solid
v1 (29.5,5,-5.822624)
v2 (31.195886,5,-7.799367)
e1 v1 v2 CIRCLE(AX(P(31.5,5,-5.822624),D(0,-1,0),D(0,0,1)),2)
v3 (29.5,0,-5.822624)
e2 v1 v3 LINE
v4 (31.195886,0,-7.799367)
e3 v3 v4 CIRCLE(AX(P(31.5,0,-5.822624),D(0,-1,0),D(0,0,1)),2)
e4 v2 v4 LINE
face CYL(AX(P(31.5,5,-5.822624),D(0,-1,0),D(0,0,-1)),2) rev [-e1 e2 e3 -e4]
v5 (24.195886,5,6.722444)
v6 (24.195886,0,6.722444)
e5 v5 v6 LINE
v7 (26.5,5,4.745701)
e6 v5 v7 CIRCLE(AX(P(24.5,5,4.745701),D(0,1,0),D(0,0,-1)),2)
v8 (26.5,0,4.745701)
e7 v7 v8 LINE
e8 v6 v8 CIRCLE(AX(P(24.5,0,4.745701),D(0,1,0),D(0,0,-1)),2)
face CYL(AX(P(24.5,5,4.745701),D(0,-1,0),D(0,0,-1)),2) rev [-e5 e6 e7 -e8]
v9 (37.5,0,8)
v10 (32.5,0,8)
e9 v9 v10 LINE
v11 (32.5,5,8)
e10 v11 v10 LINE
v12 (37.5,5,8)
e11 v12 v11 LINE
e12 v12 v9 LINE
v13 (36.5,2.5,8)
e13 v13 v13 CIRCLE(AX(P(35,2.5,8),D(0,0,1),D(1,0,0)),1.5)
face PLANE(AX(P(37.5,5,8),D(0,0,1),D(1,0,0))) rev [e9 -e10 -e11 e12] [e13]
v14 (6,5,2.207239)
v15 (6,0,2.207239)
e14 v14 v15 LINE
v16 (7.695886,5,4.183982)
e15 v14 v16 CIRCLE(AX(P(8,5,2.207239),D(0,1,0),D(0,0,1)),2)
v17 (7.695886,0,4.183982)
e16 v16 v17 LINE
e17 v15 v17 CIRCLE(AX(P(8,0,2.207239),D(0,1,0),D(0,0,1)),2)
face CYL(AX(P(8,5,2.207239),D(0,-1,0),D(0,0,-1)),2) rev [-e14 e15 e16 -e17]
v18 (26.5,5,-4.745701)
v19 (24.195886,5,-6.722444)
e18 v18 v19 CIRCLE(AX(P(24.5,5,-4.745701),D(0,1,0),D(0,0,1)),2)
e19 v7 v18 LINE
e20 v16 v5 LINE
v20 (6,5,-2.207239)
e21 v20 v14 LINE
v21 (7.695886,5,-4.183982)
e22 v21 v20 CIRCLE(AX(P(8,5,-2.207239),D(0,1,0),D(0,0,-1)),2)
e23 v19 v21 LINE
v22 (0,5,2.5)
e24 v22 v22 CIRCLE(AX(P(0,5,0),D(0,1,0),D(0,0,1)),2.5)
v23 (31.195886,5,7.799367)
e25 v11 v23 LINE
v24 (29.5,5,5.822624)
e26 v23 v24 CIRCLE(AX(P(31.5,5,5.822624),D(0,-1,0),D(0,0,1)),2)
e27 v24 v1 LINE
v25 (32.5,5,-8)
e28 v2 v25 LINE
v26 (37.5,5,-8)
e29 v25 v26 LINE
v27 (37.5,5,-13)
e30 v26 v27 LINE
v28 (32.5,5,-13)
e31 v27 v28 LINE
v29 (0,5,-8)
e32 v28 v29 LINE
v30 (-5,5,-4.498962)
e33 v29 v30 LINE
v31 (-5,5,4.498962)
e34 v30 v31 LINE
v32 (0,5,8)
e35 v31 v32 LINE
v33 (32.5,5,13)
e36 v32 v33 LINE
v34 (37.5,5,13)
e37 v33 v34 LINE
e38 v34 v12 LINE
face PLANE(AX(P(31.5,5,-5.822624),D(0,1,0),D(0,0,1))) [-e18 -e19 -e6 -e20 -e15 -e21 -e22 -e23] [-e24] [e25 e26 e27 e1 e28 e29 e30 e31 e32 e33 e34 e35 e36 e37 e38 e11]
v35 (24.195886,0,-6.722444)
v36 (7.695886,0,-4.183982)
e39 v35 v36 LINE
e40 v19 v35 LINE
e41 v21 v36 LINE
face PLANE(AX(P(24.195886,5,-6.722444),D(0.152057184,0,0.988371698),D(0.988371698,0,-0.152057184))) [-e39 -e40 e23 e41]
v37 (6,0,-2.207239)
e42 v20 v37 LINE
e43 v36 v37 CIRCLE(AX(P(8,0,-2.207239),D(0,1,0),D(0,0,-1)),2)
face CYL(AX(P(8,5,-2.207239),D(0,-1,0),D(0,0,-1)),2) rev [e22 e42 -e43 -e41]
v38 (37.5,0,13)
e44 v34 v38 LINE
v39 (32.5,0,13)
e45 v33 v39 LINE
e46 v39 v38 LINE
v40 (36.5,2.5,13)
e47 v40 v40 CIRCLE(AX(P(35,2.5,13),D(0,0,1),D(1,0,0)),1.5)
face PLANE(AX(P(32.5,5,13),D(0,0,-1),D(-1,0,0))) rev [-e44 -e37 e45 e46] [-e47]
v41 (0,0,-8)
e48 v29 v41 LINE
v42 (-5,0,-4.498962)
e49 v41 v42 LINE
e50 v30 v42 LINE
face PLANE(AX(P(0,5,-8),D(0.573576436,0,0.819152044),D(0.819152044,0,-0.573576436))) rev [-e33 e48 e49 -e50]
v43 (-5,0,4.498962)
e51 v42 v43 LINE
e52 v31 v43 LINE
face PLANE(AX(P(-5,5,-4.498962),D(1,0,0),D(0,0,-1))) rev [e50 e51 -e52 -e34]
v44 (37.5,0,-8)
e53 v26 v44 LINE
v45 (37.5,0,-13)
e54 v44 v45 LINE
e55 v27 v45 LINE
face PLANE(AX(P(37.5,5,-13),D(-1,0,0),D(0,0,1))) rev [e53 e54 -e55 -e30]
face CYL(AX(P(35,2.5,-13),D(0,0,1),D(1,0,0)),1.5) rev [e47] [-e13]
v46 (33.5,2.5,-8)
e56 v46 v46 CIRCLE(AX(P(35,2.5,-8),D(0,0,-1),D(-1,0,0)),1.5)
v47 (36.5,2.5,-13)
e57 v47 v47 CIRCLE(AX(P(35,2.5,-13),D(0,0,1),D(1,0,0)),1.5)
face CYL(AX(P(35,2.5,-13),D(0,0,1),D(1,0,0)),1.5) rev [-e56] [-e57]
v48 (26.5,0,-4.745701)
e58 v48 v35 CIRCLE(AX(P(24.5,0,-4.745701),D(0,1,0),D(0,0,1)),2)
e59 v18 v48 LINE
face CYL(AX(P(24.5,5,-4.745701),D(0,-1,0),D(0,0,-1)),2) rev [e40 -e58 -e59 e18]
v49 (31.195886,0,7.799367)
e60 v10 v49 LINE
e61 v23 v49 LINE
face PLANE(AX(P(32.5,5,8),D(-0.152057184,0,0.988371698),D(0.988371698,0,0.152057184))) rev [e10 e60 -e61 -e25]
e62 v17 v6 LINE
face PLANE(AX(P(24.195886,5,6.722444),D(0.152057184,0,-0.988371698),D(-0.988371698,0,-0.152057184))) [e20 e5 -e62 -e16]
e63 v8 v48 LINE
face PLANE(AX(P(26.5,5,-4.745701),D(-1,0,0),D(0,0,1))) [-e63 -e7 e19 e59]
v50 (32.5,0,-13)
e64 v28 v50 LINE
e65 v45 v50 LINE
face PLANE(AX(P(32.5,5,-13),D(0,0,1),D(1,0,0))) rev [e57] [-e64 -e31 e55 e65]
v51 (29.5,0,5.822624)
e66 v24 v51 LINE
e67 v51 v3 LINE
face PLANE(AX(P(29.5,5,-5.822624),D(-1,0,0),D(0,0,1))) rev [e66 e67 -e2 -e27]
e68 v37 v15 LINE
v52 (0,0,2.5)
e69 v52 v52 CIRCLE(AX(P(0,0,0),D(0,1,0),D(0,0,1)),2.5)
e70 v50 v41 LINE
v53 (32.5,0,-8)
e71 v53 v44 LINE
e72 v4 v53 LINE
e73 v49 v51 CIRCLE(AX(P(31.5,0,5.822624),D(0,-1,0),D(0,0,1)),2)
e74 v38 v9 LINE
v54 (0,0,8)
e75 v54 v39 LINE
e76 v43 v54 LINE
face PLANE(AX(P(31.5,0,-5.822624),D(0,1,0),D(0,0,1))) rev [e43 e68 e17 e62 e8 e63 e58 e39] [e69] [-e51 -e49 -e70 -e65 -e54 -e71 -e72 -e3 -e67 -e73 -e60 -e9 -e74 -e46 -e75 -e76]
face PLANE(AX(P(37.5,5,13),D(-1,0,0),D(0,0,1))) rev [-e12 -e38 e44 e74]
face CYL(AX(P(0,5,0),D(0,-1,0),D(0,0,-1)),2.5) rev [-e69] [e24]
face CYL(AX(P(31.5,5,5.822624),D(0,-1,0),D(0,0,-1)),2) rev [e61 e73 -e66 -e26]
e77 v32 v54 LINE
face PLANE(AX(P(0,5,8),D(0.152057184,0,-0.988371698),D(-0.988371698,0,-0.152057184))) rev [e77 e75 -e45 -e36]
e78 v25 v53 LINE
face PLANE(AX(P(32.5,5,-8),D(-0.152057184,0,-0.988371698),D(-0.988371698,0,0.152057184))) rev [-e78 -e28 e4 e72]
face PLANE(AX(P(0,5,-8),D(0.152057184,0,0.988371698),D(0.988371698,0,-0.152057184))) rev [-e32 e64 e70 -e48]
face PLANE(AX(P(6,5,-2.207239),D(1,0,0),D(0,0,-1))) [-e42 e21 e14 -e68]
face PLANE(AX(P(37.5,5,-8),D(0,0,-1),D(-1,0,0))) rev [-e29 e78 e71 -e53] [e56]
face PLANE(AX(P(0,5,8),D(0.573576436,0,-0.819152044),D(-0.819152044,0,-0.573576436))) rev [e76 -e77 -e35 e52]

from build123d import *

# Parameters (mm, degrees)
SKETCH1_R           = 2.5
BOSS_EXTRUDE1_DEPTH = 5
SKETCH2_R           = 1.5
CUT_EXTRUDE1_DEPTH  = 46.904792778


with BuildPart() as part:
    # Sketch1 → Boss-Extrude1 (new body)
    with BuildSketch(Plane(origin=(0, 0, 0), x_dir=(1, 0, 0), z_dir=(0, 1, 0))):
        with BuildLine():
            Line((0, 8), (-5, 4.498962309))
            Line((-5, 4.498962309), (-5, -4.498962309))
            Line((-5, -4.498962309), (0, -8))
            Line((0, -8), (32.5, -13))
            Line((32.5, -13), (37.5, -13))
            Line((37.5, -13), (37.5, -8))
            Line((37.5, -8), (32.5, -8))
            Line((32.5, -8), (31.195885631, -7.79936702))
            ThreePointArc((31.195885631, -7.79936702), (29.98206905, -7.124885362), (29.5, -5.822623625))
            Line((29.5, -5.822623625), (29.5, 5.822623625))
            ThreePointArc((29.5, 5.822623625), (29.98206905, 7.124885362), (31.195885631, 7.79936702))
            Line((31.195885631, 7.79936702), (32.5, 8))
            Line((32.5, 8), (37.5, 8))
            Line((37.5, 8), (37.5, 13))
            Line((37.5, 13), (32.5, 13))
            Line((32.5, 13), (0, 8))
        make_face()
        with Locations(Location((0, 0, 0), (0, 0, 270))):
            Circle(SKETCH1_R, mode=Mode.SUBTRACT)
        with BuildLine():
            Line((6, 2.20723901), (6, -2.20723901))
            ThreePointArc((6, -2.20723901), (6.48206905, -3.509500746), (7.695885631, -4.183982405))
            Line((7.695885631, -4.183982405), (24.195885631, -6.722443943))
            ThreePointArc((24.195885631, -6.722443943), (25.802261737, -6.263631498), (26.5, -4.745700548))
            Line((26.5, -4.745700548), (26.5, 4.745700548))
            ThreePointArc((26.5, 4.745700548), (25.802261737, 6.263631498), (24.195885631, 6.722443943))
            Line((24.195885631, 6.722443943), (7.695885631, 4.183982405))
            ThreePointArc((7.695885631, 4.183982405), (6.48206905, 3.509500746), (6, 2.20723901))
        make_face(mode=Mode.SUBTRACT)
    extrude(amount=BOSS_EXTRUDE1_DEPTH)

    # Sketch2 → Cut-Extrude1 (cut, through all)
    with BuildSketch(Plane.XY.offset(13)):
        with Locations((35, 2.5)):
            Circle(SKETCH2_R)
    extrude(amount=-CUT_EXTRUDE1_DEPTH, mode=Mode.SUBTRACT)


solid = part.part
